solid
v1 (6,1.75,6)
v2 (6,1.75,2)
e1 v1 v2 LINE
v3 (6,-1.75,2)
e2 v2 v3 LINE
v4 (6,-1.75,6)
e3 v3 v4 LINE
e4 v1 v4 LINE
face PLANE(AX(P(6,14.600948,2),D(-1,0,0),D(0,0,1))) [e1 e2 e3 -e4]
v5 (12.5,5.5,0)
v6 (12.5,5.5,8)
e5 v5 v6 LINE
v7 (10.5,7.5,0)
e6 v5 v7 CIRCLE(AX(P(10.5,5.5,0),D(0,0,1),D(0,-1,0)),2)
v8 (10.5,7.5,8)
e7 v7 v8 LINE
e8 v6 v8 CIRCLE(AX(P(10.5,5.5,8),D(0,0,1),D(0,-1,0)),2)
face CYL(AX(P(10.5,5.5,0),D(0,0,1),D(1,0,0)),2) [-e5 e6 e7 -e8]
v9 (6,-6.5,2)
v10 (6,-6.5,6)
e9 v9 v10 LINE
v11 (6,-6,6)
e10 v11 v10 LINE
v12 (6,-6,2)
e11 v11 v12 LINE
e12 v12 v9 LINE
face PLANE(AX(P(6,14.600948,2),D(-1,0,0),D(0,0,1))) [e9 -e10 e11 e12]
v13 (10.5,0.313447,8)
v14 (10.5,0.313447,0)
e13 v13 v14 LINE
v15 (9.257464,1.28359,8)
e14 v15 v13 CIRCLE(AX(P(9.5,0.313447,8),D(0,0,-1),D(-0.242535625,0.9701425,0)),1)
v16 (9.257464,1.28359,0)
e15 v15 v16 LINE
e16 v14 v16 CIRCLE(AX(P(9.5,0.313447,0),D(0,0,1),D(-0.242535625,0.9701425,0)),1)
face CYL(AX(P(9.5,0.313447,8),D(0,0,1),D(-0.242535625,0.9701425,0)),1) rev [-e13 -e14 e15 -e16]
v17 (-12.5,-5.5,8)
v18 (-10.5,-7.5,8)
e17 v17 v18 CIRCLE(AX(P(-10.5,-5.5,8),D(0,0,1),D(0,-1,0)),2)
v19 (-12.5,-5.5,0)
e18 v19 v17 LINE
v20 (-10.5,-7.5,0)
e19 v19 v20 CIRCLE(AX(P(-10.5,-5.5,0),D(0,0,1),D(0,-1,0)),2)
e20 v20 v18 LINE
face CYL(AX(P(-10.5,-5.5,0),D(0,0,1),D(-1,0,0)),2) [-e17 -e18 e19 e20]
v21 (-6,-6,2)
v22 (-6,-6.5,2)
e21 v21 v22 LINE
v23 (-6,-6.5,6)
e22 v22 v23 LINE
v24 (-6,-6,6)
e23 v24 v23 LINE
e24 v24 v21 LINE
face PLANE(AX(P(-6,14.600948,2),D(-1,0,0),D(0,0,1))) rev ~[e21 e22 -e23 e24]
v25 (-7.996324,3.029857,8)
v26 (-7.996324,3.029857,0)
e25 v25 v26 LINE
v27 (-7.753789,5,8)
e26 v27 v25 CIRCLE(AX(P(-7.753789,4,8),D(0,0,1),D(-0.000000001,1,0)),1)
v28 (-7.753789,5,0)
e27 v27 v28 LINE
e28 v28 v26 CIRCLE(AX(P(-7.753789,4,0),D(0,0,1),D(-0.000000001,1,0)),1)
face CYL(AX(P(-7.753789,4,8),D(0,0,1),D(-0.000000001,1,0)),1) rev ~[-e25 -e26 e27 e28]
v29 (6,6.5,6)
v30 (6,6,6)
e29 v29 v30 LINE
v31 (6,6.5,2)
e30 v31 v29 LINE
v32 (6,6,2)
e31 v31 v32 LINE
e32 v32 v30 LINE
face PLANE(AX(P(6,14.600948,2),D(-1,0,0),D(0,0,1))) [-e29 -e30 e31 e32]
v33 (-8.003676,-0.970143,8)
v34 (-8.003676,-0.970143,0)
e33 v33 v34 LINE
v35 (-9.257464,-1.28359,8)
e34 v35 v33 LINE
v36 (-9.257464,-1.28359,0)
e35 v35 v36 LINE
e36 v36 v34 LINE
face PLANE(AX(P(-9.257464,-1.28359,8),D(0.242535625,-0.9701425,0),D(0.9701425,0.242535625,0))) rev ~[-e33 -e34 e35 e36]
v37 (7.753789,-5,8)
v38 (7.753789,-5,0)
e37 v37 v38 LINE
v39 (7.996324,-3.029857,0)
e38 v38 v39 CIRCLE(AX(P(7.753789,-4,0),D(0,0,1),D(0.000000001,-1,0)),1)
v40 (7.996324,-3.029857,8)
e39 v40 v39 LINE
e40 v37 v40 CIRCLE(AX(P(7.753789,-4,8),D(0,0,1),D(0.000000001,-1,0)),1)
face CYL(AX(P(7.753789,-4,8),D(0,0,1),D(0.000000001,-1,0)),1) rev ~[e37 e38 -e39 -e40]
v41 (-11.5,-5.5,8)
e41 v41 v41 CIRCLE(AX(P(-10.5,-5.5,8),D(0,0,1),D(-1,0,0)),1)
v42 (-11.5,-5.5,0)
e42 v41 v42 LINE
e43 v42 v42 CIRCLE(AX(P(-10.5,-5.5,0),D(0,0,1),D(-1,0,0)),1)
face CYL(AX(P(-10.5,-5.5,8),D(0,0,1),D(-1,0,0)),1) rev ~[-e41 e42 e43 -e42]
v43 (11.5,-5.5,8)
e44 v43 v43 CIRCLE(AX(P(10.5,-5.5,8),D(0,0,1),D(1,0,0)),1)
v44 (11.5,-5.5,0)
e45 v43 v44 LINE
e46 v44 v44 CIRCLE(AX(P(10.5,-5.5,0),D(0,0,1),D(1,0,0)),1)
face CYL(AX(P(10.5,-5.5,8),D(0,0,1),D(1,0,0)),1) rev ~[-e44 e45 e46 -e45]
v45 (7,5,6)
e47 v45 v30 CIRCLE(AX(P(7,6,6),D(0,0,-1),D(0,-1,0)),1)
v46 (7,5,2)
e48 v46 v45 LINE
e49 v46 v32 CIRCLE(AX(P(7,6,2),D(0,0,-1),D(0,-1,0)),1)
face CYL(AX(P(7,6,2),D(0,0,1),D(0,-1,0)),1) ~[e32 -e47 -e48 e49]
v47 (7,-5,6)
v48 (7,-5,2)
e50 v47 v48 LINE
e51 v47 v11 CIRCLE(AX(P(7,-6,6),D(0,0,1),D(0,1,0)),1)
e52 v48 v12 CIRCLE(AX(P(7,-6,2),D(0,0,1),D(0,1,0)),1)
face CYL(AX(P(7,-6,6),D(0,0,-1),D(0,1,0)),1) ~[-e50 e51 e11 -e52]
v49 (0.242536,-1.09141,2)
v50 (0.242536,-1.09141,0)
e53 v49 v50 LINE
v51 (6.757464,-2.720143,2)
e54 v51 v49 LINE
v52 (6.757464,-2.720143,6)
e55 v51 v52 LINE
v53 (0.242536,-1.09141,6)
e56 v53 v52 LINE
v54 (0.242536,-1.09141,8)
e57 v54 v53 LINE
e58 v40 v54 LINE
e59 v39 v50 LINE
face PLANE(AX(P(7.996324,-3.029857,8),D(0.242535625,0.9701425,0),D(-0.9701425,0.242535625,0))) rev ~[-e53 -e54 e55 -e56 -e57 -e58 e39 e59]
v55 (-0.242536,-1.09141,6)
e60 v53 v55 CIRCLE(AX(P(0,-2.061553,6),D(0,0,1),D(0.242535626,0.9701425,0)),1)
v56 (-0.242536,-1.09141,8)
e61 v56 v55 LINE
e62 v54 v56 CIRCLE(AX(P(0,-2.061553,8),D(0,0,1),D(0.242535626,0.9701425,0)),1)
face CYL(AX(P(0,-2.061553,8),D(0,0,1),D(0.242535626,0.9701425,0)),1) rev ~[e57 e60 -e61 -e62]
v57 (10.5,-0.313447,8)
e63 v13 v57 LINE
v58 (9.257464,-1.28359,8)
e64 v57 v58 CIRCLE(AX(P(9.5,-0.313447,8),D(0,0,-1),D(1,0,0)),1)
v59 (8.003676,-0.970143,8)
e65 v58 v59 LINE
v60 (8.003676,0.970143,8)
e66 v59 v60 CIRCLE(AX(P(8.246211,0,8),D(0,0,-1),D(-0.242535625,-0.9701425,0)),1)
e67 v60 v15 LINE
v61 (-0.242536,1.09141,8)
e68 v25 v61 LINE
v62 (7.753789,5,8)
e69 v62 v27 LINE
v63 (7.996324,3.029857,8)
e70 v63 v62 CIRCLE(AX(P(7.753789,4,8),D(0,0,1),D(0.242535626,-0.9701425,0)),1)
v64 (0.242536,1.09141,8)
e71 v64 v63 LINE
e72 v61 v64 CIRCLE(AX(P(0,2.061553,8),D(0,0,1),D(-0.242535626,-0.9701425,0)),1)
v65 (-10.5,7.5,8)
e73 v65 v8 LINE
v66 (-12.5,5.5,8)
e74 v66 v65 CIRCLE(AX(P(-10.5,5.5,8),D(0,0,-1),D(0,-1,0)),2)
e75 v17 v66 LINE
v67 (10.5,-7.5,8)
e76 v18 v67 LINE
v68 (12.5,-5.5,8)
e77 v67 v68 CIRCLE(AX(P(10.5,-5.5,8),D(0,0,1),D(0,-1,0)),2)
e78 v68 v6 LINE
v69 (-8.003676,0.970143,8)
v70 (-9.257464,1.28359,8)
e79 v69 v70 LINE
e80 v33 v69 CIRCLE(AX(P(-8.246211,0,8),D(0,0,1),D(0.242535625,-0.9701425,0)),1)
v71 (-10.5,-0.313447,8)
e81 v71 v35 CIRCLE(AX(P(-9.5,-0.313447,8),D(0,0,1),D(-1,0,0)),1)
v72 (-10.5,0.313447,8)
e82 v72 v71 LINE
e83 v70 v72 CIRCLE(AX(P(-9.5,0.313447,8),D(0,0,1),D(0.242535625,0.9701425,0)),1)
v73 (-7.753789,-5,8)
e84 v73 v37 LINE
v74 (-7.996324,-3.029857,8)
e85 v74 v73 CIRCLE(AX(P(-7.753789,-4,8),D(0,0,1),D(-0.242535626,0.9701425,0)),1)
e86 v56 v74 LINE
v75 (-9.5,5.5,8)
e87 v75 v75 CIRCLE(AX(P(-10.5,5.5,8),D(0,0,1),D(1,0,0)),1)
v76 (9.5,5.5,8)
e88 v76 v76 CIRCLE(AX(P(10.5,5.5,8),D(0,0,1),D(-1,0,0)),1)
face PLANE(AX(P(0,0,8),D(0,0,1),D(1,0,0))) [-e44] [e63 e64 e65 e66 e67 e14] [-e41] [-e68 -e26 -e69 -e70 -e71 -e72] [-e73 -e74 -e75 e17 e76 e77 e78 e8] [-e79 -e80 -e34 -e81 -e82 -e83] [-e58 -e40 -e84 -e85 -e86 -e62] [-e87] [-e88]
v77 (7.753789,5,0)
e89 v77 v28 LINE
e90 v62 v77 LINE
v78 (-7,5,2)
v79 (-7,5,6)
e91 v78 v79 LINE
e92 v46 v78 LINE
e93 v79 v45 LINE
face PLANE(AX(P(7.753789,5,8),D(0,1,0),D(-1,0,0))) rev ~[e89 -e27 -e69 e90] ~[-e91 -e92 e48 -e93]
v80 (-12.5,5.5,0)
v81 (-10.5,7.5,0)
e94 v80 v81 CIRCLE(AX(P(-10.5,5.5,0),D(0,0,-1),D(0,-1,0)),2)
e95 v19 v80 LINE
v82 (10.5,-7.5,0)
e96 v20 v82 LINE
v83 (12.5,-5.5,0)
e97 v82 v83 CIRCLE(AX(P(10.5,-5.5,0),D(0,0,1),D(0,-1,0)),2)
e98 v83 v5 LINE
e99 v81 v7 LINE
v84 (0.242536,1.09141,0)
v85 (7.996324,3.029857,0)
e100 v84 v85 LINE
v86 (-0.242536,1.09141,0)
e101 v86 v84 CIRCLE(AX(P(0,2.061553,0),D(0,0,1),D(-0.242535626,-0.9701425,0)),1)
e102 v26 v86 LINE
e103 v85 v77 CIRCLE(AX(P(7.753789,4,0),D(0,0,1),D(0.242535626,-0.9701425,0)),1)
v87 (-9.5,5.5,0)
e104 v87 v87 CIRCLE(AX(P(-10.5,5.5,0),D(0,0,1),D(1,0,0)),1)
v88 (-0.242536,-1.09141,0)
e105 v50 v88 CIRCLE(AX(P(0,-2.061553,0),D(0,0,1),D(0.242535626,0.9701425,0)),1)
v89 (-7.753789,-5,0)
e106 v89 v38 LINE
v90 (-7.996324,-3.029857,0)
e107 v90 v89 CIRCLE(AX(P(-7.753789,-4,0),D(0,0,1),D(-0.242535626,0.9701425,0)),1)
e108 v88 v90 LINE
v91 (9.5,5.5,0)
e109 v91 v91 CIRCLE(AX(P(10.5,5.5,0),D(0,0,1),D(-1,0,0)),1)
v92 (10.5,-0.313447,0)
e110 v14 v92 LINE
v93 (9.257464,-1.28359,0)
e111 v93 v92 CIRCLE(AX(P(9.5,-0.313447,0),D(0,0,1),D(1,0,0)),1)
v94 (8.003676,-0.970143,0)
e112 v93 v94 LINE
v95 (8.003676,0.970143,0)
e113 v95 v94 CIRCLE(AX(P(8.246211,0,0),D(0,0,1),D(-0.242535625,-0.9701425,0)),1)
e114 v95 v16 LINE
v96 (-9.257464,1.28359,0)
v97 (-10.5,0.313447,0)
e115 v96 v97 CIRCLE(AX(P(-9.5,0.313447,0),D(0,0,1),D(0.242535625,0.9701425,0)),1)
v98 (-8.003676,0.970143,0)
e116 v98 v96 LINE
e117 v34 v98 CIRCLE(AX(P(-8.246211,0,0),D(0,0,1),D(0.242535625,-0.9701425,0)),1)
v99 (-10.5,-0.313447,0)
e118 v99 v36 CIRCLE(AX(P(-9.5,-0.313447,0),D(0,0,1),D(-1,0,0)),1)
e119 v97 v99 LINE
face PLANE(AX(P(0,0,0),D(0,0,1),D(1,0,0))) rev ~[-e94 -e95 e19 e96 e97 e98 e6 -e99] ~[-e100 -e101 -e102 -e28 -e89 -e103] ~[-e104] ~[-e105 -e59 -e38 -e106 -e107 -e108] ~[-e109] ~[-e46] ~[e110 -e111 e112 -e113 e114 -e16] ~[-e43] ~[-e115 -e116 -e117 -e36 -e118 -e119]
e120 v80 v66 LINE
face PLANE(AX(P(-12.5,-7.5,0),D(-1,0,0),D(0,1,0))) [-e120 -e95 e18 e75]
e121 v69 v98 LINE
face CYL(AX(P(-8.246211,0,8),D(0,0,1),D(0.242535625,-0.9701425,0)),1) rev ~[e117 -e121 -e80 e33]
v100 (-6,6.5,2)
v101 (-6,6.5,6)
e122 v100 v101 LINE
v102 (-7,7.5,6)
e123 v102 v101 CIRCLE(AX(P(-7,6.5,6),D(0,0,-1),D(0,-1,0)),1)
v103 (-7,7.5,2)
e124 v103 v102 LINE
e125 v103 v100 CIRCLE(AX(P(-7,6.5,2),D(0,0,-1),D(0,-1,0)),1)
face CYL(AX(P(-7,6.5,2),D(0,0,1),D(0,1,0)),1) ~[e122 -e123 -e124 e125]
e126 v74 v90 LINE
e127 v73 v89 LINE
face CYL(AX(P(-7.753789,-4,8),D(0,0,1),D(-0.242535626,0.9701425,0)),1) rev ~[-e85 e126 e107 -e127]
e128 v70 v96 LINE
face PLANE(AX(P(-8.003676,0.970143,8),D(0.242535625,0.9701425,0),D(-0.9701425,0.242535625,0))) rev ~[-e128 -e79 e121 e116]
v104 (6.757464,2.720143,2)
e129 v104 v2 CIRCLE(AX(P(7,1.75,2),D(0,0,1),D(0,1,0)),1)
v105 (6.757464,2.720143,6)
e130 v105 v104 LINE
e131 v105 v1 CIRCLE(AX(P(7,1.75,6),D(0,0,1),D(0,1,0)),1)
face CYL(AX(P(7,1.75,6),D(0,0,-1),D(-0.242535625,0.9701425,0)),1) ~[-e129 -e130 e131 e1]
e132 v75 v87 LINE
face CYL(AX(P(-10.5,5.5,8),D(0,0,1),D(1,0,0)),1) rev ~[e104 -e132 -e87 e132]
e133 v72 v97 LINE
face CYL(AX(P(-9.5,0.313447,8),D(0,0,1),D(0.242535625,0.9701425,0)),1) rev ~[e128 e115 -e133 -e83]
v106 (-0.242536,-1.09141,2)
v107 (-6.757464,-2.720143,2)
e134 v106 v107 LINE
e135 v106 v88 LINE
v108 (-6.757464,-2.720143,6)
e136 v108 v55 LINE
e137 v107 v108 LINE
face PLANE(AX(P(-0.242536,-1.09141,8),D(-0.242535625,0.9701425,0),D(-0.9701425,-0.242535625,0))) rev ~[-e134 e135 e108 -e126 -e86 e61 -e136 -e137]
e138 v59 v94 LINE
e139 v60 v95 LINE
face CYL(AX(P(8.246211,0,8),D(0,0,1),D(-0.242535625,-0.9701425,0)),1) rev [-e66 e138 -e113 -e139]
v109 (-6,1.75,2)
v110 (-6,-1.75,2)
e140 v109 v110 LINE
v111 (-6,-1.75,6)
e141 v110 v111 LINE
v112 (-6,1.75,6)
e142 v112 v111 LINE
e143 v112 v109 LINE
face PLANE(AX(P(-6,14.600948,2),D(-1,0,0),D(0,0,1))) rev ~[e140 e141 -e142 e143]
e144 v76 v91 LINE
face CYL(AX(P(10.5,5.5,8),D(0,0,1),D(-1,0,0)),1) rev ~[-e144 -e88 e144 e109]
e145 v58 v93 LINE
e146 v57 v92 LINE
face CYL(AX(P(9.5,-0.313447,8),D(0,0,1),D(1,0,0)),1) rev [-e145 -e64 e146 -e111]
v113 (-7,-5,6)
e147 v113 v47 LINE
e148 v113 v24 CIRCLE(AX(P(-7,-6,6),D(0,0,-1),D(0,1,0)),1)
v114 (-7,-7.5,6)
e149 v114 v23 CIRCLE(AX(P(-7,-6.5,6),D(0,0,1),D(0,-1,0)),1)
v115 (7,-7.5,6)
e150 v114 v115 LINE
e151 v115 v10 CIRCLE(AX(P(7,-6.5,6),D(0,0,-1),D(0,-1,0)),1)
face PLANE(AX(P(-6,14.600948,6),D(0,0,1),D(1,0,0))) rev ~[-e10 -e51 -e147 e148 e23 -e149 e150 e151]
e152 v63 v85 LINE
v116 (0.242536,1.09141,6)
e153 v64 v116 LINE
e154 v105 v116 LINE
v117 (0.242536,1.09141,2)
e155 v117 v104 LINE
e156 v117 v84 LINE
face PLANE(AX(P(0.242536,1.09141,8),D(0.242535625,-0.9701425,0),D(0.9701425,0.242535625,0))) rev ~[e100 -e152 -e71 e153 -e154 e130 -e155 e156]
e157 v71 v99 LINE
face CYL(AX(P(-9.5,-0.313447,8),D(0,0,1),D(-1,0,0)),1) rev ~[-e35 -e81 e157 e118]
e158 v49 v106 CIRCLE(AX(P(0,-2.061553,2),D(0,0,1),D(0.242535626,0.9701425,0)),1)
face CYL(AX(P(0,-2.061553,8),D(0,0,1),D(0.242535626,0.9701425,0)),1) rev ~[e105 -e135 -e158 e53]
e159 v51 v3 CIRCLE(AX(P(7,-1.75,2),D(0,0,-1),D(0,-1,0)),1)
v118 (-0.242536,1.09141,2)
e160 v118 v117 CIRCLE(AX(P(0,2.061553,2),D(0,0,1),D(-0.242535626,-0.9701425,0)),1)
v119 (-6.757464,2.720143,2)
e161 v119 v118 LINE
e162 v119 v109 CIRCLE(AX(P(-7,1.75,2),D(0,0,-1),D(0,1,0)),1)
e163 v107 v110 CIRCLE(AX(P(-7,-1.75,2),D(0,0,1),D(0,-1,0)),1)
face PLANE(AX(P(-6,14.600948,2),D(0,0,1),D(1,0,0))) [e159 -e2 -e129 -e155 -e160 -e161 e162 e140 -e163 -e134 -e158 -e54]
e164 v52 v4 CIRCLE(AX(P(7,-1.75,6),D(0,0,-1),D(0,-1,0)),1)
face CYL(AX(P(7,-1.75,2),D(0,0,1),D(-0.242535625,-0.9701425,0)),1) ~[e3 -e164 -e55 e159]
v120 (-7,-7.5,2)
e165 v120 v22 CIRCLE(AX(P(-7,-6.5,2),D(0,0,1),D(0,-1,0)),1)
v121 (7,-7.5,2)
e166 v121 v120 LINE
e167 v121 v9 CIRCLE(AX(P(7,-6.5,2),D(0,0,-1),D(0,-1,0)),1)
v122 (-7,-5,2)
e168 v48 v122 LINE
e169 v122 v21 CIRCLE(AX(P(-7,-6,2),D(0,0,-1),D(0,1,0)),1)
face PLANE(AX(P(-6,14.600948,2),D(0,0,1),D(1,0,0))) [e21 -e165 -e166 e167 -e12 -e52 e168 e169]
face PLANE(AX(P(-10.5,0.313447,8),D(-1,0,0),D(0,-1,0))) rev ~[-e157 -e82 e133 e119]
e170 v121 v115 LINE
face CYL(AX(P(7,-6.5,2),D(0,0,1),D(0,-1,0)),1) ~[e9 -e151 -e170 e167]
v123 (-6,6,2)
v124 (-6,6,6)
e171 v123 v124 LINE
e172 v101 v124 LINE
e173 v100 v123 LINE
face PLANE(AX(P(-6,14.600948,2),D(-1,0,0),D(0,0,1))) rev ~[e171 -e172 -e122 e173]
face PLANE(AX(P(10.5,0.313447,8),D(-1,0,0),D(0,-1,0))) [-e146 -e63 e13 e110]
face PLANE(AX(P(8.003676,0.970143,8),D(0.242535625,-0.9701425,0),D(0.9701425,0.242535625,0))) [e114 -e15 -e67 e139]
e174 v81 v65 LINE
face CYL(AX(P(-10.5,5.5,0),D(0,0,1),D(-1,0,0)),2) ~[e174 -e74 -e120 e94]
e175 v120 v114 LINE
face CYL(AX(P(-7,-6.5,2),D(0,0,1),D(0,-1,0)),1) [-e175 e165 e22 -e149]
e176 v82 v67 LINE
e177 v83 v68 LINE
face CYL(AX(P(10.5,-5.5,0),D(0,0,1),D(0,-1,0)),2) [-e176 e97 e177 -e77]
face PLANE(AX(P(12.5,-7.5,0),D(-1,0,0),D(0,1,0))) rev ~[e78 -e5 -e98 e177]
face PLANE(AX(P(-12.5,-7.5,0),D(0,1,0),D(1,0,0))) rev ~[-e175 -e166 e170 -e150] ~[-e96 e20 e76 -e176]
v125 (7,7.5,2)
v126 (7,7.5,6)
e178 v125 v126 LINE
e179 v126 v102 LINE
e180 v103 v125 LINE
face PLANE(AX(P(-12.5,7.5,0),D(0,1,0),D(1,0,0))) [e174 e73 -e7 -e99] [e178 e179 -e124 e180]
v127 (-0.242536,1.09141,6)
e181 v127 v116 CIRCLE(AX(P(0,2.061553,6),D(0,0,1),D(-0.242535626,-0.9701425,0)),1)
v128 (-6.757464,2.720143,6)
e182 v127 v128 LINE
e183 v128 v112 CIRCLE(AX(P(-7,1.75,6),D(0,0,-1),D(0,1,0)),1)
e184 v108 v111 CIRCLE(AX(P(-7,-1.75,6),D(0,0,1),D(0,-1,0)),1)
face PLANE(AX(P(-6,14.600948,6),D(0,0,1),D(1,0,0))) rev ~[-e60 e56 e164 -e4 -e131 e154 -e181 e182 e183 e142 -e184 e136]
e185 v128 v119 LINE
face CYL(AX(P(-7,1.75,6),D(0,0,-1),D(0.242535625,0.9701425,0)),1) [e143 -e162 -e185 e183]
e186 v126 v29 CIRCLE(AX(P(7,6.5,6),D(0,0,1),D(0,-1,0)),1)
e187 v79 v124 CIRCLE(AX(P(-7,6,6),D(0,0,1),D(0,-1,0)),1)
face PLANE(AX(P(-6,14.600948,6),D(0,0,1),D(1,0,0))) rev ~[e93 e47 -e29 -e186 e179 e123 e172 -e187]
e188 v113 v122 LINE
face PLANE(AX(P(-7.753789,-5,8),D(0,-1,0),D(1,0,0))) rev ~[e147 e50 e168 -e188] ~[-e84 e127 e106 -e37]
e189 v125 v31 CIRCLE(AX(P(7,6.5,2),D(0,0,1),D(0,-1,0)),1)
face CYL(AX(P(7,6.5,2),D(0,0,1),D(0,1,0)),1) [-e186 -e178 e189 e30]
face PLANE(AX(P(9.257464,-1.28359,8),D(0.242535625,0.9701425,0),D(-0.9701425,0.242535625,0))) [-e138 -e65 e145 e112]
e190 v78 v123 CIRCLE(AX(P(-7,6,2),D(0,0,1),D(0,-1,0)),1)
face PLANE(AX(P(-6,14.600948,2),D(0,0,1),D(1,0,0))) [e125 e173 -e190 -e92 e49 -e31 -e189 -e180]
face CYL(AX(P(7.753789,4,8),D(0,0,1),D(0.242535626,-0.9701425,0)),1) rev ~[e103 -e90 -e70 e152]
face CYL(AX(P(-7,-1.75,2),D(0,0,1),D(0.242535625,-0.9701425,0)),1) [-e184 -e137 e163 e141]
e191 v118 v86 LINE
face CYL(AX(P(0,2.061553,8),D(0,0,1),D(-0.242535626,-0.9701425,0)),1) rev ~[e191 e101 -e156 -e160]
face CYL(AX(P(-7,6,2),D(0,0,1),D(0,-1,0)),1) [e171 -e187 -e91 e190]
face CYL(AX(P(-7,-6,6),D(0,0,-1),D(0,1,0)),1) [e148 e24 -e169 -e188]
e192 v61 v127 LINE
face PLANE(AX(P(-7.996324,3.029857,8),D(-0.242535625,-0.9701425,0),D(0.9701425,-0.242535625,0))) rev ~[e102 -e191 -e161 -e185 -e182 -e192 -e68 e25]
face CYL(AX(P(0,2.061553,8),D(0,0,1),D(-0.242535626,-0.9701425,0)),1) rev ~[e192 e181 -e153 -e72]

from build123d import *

# Parameters (mm, degrees)
SKETCH_1_W               = 25
SKETCH_1_H               = 15
EXTRUDE_1_DEPTH          = 8
FILLET_4_R               = 2
CUT_EXTRUDE_3_DEPTH      = 10
SKETCH_3_R               = 1
CUT_EXTRUDE_4_DEPTH      = 10
CUT_EXTRUDE_5_DEPTH      = 22.100947846
CUT_EXTRUDE_5_DEPTH_BACK = 22.100947846
SKETCH_4_W               = 12
SKETCH_4_H               = 4
FILLET_6_R               = 1


with BuildPart() as part:
    # 草图1 → 凸台-拉伸1 (new body)
    with BuildSketch(Plane.XY):
        Rectangle(SKETCH_1_W, SKETCH_1_H)
    extrude(amount=EXTRUDE_1_DEPTH)

    # 圆角4
    fillet_4_edges = [part.edges().sort_by_distance(p)[0] for p in [
        (12.5, -7.5, 4),
        (-12.5, -7.5, 4),
        (-12.5, 7.5, 4),
        (12.5, 7.5, 4),
    ]]
    fillet(fillet_4_edges, radius=FILLET_4_R)

    # 草图2 → 切除-拉伸3 (cut)
    with BuildSketch(Plane.XY.offset(8)):
        with BuildLine():
            Line((-0.242535625, -1.091410313), (-7.996324374, -3.0298575))
            ThreePointArc((-7.996324374, -3.0298575), (-8.746296305, -4.122183264), (-7.753788749, -5))
            Line((-7.753788749, -5), (7.753788749, -5))
            ThreePointArc((7.753788749, -5), (8.746296305, -4.122183264), (7.996324374, -3.0298575))
            Line((7.996324374, -3.0298575), (0.242535625, -1.091410313))
            ThreePointArc((0.242535625, -1.091410313), (0, -1.061552813), (-0.242535625, -1.091410313))
        make_face()
        with BuildLine():
            Line((7.753788749, 5), (-7.753788749, 5))
            ThreePointArc((-7.753788749, 5), (-8.746296305, 4.122183264), (-7.996324374, 3.0298575))
            Line((-7.996324374, 3.0298575), (-0.242535625, 1.091410313))
            ThreePointArc((-0.242535625, 1.091410313), (0, 1.061552813), (0.242535625, 1.091410313))
            Line((0.242535625, 1.091410313), (7.996324374, 3.0298575))
            ThreePointArc((7.996324374, 3.0298575), (8.746296305, 4.122183264), (7.753788749, 5))
        make_face()
        with BuildLine():
            Line((-9.257464375, -1.283589687), (-8.003675626, -0.9701425))
            ThreePointArc((-8.003675626, -0.9701425), (-7.246211251, 0), (-8.003675626, 0.9701425))
            Line((-8.003675626, 0.9701425), (-9.257464375, 1.283589687))
            ThreePointArc((-9.257464375, 1.283589687), (-10.115412209, 1.101652625), (-10.5, 0.313447187))
            Line((-10.5, 0.313447187), (-10.5, -0.313447187))
            ThreePointArc((-10.5, -0.313447187), (-10.115412209, -1.101652625), (-9.257464375, -1.283589687))
        make_face()
        with BuildLine():
            Line((10.5, 0.313447187), (10.5, -0.313447187))
            ThreePointArc((10.5, -0.313447187), (10.115412209, -1.101652625), (9.257464375, -1.283589687))
            Line((9.257464375, -1.283589687), (8.003675626, -0.9701425))
            ThreePointArc((8.003675626, -0.9701425), (7.246211251, 0), (8.003675626, 0.9701425))
            Line((8.003675626, 0.9701425), (9.257464375, 1.283589687))
            ThreePointArc((9.257464375, 1.283589687), (10.115412209, 1.101652625), (10.5, 0.313447187))
        make_face()
    extrude(amount=-CUT_EXTRUDE_3_DEPTH, mode=Mode.SUBTRACT)

    # 草图3 → 切除-拉伸4 (cut)
    with BuildSketch(Plane.XY.offset(8)):
        with Locations((-10.5, 5.5)):
            Circle(SKETCH_3_R)
        with Locations(Location((10.5, 5.5, 0), (0, 0, 180))):
            Circle(SKETCH_3_R)
        with Locations((10.5, -5.5)):
            Circle(SKETCH_3_R)
        with Locations(Location((-10.5, -5.5, 0), (0, 0, 180))):
            Circle(SKETCH_3_R)
    extrude(amount=-CUT_EXTRUDE_4_DEPTH, mode=Mode.SUBTRACT)

    # 草图4 → 切除-拉伸5 (cut, two sides: drawn at the far end of the back side and taken through both)
    with BuildSketch(Plane.XZ.offset(7.5).offset(-CUT_EXTRUDE_5_DEPTH_BACK)):
        with Locations((0, 4)):
            Rectangle(SKETCH_4_W, SKETCH_4_H)
    extrude(amount=CUT_EXTRUDE_5_DEPTH + CUT_EXTRUDE_5_DEPTH_BACK, mode=Mode.SUBTRACT)

    # 圆角6
    fillet_6_edges = [part.edges().sort_by_distance(p)[0] for p in [
        (6, 2.530776406, 4),
        (-6, 5, 4),
        (-6, -7.5, 4),
        (-6, -5, 4),
        (-6, -2.530776406, 4),
        (-6, 2.530776406, 4),
        (-6, 7.5, 4),
        (6, -7.5, 4),
        (6, -5, 4),
        (6, -2.530776406, 4),
        (6, 5, 4),
        (6, 7.5, 4),
    ]]
    fillet(fillet_6_edges, radius=FILLET_6_R)


solid = part.part
